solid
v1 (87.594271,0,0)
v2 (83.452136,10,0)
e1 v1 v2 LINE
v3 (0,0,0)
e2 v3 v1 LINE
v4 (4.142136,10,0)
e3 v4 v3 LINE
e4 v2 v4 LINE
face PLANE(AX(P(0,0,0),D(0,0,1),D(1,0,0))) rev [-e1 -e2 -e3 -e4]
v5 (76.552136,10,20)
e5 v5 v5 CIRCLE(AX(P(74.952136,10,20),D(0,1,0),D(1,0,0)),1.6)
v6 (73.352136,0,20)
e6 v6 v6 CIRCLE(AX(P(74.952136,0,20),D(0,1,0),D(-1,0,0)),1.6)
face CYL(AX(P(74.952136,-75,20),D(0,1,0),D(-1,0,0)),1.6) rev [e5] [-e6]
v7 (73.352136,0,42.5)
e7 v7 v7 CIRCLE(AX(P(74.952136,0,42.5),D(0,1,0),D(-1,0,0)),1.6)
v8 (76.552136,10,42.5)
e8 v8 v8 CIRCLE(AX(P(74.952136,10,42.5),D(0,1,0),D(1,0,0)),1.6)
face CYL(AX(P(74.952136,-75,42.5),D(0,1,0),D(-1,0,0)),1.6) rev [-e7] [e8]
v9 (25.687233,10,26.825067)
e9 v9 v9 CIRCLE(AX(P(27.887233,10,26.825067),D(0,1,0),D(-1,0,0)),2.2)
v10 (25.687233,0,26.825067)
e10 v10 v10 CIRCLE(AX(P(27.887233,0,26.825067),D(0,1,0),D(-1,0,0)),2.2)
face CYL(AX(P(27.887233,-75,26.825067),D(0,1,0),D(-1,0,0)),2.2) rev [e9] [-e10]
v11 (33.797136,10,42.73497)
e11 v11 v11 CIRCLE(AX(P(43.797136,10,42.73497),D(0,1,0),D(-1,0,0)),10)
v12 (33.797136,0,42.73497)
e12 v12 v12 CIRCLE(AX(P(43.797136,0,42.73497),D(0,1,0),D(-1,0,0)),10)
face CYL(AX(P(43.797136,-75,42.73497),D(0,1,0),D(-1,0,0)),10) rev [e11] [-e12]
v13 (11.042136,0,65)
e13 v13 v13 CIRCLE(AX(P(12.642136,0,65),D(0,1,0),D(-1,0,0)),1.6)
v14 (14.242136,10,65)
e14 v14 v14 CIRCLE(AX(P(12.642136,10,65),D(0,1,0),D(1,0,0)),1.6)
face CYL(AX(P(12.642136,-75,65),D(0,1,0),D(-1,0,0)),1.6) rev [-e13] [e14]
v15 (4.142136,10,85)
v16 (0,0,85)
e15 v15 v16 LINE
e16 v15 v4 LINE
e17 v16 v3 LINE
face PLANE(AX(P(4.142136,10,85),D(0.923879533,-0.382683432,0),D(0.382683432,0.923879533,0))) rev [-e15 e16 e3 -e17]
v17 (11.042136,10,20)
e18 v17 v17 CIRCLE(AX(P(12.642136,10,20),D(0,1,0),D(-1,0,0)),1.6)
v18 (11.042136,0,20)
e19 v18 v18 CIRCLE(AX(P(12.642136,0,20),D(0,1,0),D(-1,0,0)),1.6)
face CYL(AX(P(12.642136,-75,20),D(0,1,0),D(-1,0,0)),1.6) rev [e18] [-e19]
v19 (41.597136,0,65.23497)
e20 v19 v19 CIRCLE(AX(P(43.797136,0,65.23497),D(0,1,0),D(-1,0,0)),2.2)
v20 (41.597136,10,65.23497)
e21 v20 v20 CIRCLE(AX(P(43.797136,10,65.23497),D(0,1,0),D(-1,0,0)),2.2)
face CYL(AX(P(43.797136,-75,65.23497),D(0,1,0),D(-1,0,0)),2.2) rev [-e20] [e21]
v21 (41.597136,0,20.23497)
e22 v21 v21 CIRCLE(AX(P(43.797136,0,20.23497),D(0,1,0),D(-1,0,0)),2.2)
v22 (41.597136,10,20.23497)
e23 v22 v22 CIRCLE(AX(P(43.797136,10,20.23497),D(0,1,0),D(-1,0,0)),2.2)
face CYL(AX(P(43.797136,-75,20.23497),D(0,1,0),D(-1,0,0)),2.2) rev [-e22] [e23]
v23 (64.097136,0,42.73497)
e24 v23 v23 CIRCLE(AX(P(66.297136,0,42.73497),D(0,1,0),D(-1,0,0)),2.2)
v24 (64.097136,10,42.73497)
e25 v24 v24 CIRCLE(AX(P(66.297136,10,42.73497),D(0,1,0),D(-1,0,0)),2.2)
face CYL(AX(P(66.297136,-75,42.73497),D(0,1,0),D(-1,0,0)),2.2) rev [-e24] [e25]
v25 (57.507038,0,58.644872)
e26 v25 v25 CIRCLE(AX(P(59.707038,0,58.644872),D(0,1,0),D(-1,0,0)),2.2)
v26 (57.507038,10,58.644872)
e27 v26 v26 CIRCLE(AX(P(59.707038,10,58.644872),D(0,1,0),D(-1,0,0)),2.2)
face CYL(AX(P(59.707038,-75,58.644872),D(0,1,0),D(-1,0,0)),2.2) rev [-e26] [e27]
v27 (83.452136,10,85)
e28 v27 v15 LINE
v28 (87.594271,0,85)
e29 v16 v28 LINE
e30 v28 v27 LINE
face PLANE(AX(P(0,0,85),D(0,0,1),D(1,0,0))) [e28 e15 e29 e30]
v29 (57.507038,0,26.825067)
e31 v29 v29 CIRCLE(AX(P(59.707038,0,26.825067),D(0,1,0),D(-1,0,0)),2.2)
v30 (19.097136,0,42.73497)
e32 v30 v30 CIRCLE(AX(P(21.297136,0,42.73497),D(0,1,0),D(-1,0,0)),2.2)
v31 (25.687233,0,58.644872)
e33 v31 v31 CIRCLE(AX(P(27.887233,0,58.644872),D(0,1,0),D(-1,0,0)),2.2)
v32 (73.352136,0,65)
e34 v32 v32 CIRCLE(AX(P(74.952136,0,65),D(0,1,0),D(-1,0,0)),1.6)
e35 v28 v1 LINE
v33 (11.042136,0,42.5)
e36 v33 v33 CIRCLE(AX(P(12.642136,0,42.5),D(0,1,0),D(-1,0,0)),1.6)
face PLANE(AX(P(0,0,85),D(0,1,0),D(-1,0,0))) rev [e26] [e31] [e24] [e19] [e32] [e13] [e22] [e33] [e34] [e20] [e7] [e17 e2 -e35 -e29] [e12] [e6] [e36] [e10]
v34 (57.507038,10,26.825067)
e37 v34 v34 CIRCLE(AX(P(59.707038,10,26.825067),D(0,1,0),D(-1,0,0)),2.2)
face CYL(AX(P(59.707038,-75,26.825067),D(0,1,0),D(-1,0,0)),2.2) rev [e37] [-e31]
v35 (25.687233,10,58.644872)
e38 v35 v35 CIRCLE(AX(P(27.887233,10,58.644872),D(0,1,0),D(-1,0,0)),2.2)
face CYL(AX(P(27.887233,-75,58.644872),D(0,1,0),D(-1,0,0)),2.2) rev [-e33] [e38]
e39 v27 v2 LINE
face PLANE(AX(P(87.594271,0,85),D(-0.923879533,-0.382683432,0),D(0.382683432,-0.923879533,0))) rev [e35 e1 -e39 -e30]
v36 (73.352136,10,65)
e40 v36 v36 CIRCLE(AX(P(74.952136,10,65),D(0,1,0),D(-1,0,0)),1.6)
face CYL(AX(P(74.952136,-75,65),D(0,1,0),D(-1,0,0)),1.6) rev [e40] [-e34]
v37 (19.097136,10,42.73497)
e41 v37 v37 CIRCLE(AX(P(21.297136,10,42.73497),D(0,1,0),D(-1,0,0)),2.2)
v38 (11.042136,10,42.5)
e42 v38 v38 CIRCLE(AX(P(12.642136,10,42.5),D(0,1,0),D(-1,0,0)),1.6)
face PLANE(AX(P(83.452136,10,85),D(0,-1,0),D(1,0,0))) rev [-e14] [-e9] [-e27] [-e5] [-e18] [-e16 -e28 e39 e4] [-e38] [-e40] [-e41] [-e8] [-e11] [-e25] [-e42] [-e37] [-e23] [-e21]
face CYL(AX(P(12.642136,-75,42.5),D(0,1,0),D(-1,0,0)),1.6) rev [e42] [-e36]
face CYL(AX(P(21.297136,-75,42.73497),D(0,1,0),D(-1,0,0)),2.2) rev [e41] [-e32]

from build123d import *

# Parameters (mm, degrees)
BOSS_EXTRUDE1_DEPTH = 85
SKETCH3_R           = 10
SKETCH3_R_2         = 2.2
CUT_EXTRUDE1_DEPTH  = 85
SKETCH4_R           = 1.6
CUT_EXTRUDE2_DEPTH  = 85


with BuildPart() as part:
    # Sketch2 → Boss-Extrude1 (new body)
    with BuildSketch(Plane.XY):
        Polygon((0, 0), (87.594271247, 0), (83.452135624, 10), (4.142135624, 10), align=None)
    extrude(amount=BOSS_EXTRUDE1_DEPTH)

    # Sketch3 → Cut-Extrude1 (cut)
    with BuildSketch(Plane(origin=(0, 10, 0), x_dir=(1, 0, 0), z_dir=(0, 1, 0))):
        with Locations(Location((43.797135624, -42.734969619, 0), (0, 0, 180))):
            Circle(SKETCH3_R)
        with Locations(Location((43.797135624, -20.234969619, 0), (0, 0, 180))):
            Circle(SKETCH3_R_2)
        with Locations(Location((59.7070382, -26.825067042, 0), (0, 0, 180))):
            Circle(SKETCH3_R_2)
        with Locations(Location((66.297135624, -42.734969619, 0), (0, 0, 180))):
            Circle(SKETCH3_R_2)
        with Locations(Location((59.7070382, -58.644872196, 0), (0, 0, 180))):
            Circle(SKETCH3_R_2)
        with Locations(Location((43.797135624, -65.234969619, 0), (0, 0, 180))):
            Circle(SKETCH3_R_2)
        with Locations(Location((27.887233047, -58.644872196, 0), (0, 0, 180))):
            Circle(SKETCH3_R_2)
        with Locations(Location((21.297135624, -42.734969619, 0), (0, 0, 180))):
            Circle(SKETCH3_R_2)
        with Locations(Location((27.887233047, -26.825067042, 0), (0, 0, 180))):
            Circle(SKETCH3_R_2)
    extrude(amount=-CUT_EXTRUDE1_DEPTH, mode=Mode.SUBTRACT)

    # Sketch4 → Cut-Extrude2 (cut)
    with BuildSketch(Plane(origin=(0, 10, 0), x_dir=(1, 0, 0), z_dir=(0, 1, 0))):
        with Locations(Location((12.642135624, -20, 0), (0, 0, 180))):
            Circle(SKETCH4_R)
        with Locations(Location((12.642135624, -42.5, 0), (0, 0, 180))):
            Circle(SKETCH4_R)
        with Locations(Location((12.642135624, -65, 0), (0, 0, 180))):
            Circle(SKETCH4_R)
        with Locations(Location((74.952135624, -65, 0), (0, 0, 180))):
            Circle(SKETCH4_R)
        with Locations(Location((74.952135624, -42.5, 0), (0, 0, 180))):
            Circle(SKETCH4_R)
        with Locations(Location((74.952135624, -20, 0), (0, 0, 180))):
            Circle(SKETCH4_R)
    extrude(amount=-CUT_EXTRUDE2_DEPTH, mode=Mode.SUBTRACT)


solid = part.part
